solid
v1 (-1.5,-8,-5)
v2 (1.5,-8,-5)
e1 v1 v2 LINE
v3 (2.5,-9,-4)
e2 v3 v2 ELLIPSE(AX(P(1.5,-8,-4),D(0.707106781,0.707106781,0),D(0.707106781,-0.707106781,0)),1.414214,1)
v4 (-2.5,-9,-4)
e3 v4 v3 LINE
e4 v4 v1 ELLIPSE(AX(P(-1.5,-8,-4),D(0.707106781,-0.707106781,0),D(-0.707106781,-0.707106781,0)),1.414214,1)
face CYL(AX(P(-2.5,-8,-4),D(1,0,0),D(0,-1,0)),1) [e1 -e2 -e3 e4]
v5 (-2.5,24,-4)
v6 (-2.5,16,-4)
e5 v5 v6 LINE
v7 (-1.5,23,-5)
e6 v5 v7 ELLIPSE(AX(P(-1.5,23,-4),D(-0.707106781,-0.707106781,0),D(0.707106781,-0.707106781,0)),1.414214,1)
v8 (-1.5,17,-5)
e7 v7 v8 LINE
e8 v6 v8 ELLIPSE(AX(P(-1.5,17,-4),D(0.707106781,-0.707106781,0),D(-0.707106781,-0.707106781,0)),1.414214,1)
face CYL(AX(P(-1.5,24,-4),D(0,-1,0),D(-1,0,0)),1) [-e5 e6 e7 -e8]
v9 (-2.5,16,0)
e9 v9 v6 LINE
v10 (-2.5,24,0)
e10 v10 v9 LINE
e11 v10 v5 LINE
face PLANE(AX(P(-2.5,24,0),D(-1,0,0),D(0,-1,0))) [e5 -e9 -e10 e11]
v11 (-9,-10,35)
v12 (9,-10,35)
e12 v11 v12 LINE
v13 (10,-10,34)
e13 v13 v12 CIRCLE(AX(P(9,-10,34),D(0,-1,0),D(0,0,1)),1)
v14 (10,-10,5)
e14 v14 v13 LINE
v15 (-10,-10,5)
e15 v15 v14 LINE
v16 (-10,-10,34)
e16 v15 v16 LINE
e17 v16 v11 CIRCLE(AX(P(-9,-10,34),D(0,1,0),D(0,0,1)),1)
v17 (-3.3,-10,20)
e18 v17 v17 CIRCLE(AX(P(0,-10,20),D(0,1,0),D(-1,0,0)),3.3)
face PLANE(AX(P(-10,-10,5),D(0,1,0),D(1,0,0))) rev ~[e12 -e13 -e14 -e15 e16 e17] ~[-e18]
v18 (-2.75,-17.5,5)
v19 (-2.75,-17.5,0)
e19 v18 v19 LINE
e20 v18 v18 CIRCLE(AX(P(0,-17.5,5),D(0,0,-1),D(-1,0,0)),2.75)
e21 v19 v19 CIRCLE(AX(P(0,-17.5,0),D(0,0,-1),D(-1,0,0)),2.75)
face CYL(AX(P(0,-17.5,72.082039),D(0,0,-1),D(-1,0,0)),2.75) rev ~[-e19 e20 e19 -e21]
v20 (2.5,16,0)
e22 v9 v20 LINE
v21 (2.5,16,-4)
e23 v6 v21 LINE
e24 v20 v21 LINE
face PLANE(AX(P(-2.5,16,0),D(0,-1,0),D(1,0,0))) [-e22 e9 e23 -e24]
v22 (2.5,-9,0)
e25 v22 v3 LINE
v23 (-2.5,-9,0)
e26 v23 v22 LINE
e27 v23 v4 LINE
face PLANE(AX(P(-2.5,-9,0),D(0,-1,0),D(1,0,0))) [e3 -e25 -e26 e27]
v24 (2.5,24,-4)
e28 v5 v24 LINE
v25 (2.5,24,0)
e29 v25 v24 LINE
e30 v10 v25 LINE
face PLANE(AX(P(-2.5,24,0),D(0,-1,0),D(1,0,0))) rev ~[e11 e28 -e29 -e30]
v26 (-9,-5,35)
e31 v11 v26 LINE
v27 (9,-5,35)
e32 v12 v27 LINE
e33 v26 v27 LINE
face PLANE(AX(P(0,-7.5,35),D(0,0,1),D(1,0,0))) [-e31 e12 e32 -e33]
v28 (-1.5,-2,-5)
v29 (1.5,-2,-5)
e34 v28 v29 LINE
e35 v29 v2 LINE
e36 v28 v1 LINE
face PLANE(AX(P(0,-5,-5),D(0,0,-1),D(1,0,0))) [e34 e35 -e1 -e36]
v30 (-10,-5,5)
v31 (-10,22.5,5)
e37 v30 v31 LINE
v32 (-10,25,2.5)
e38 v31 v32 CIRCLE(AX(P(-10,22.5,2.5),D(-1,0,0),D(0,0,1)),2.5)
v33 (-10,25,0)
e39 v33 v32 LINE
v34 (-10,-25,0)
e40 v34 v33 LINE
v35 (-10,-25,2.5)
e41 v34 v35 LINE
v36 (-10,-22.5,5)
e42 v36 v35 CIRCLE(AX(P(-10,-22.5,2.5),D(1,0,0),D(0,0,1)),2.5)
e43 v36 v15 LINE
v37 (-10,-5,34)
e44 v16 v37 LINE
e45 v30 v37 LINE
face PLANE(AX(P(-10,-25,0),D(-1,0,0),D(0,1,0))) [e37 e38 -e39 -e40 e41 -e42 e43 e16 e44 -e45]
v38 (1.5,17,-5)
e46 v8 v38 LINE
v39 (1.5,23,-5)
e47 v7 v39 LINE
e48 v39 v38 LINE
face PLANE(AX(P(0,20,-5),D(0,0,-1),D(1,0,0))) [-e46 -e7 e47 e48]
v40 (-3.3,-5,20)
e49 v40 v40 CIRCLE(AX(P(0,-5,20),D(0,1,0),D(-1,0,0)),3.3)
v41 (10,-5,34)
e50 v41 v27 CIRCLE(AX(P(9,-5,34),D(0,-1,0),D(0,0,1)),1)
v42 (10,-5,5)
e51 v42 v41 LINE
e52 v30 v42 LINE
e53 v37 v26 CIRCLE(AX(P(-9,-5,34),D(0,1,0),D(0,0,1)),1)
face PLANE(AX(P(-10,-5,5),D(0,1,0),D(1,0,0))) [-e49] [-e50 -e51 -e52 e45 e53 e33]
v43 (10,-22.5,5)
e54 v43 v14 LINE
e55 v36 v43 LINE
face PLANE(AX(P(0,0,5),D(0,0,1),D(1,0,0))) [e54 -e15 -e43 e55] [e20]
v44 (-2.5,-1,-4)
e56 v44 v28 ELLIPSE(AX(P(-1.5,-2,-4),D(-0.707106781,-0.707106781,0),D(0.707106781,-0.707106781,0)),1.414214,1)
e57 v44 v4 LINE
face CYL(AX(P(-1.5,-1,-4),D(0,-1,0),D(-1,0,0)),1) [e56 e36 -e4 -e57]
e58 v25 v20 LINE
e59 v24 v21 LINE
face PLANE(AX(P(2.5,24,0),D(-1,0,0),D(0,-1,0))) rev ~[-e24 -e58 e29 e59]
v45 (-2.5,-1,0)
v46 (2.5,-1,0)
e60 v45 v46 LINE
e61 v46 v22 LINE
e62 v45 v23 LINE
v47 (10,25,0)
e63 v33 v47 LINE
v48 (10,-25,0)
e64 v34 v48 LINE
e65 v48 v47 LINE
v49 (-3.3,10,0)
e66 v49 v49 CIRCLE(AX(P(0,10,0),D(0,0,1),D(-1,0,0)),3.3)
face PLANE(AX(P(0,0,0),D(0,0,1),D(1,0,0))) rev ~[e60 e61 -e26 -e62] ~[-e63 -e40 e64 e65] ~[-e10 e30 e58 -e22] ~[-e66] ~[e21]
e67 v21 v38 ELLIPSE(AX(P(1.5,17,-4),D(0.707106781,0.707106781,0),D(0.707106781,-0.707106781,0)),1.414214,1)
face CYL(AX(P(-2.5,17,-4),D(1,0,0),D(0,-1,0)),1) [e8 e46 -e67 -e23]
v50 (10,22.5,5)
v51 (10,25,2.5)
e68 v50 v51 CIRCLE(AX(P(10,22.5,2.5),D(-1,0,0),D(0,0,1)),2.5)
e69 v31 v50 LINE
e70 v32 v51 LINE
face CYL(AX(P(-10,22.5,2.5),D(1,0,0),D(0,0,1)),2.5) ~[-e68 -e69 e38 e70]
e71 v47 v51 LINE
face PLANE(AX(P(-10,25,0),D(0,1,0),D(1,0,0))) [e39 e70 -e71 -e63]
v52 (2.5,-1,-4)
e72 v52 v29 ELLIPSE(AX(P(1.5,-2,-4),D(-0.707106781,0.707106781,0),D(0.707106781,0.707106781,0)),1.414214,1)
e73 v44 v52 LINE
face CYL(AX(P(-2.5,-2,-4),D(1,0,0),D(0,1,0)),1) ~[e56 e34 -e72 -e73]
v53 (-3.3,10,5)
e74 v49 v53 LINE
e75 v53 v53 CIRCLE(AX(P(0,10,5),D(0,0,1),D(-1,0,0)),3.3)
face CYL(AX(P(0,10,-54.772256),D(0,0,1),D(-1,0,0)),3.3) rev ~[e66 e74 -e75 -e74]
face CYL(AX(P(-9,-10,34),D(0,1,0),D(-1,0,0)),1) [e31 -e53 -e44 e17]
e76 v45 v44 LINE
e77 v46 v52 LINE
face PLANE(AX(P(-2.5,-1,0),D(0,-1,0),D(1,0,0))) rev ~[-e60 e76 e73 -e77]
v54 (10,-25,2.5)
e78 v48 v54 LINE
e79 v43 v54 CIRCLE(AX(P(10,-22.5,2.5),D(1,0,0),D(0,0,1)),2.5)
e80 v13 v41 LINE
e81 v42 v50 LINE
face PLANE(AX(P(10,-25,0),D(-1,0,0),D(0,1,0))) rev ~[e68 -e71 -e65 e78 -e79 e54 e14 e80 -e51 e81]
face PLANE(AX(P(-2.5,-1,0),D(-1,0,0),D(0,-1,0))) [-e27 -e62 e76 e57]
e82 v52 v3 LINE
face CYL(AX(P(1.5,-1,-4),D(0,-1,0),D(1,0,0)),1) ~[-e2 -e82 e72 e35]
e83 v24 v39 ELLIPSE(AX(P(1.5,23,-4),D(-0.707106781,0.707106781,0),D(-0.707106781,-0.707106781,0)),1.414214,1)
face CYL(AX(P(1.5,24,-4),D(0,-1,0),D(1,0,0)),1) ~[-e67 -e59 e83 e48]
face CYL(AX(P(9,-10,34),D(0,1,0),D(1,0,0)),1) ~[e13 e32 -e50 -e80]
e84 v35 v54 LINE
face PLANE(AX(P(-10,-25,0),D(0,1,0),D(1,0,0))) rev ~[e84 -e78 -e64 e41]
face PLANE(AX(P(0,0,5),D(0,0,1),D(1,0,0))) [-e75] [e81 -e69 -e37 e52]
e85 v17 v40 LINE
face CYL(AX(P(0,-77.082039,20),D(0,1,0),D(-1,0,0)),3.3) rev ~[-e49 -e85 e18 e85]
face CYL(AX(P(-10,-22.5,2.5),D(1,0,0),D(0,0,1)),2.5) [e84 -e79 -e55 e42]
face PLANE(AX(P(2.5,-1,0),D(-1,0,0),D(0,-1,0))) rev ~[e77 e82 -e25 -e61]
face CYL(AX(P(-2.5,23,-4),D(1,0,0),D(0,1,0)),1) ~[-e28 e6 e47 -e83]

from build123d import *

# Parameters (mm, degrees)
F0_W     = 20
F0_H     = 50
F1_DEPTH = 5
F2_W     = 5
F2_H     = 8
F3_DEPTH = 5
F4_R     = 1
F6_D     = 6.6
F7_W     = 20
F7_H     = 5
F8_DEPTH = 30
F9_R     = 1
F11_D    = 6.6
F13_D    = 5.5
F14_R    = 2.5


with BuildPart() as f1:
    # F0 (on Top) → F1 (new body)
    with BuildSketch(Plane.XY):
        Rectangle(F0_W, F0_H)
    extrude(amount=F1_DEPTH)

    # F2 (on face) → F3 (join)
    with BuildSketch(Plane(origin=(0, 0, 0), x_dir=(1, 0, 0), z_dir=(0, 0, -1))):
        with Locations((0, -20)):
            Rectangle(F2_W, F2_H)
        with Locations((0, 5)):
            Rectangle(F2_W, F2_H)
    extrude(amount=F3_DEPTH)

    # F4
    f4_edges = [f1.edges().sort_by_distance(p)[0] for p in [
        (2.5, 20, -5),
        (-2.5, 20, -5),
        (0, 24, -5),
        (0, 16, -5),
        (0, -1, -5),
        (-2.5, -5, -5),
        (0, -9, -5),
        (2.5, -5, -5),
    ]]
    fillet(f4_edges, radius=F4_R)

    # F6 (through all)
    with Locations(Plane(origin=(0, 0, 0), x_dir=(1, 0, 0), z_dir=(0, 0, -1))):
        with Locations((0, -10)):
            Hole(F6_D / 2)

    # F7 (on face) → F8 (join)
    with BuildSketch(Plane.XY.offset(5)):
        with Locations((0, -7.5)):
            Rectangle(F7_W, F7_H)
    extrude(amount=F8_DEPTH)

    # F9
    f9_edges = [f1.edges().sort_by_distance(p)[0] for p in [
        (10, -7.5, 35),
        (-10, -7.5, 35),
    ]]
    fillet(f9_edges, radius=F9_R)

    # F11 (through all)
    with Locations(Plane.XZ.offset(10)):
        with Locations((0, 20)):
            Hole(F11_D / 2)

    # F13 (through all)
    with Locations(Plane.XY.offset(5)):
        with Locations((0, -17.5)):
            Hole(F13_D / 2)

    # F14
    f14_edges = [f1.edges().sort_by_distance(p)[0] for p in [
        (0, 25, 5),
        (0, -25, 5),
    ]]
    fillet(f14_edges, radius=F14_R)


solid = f1.part
